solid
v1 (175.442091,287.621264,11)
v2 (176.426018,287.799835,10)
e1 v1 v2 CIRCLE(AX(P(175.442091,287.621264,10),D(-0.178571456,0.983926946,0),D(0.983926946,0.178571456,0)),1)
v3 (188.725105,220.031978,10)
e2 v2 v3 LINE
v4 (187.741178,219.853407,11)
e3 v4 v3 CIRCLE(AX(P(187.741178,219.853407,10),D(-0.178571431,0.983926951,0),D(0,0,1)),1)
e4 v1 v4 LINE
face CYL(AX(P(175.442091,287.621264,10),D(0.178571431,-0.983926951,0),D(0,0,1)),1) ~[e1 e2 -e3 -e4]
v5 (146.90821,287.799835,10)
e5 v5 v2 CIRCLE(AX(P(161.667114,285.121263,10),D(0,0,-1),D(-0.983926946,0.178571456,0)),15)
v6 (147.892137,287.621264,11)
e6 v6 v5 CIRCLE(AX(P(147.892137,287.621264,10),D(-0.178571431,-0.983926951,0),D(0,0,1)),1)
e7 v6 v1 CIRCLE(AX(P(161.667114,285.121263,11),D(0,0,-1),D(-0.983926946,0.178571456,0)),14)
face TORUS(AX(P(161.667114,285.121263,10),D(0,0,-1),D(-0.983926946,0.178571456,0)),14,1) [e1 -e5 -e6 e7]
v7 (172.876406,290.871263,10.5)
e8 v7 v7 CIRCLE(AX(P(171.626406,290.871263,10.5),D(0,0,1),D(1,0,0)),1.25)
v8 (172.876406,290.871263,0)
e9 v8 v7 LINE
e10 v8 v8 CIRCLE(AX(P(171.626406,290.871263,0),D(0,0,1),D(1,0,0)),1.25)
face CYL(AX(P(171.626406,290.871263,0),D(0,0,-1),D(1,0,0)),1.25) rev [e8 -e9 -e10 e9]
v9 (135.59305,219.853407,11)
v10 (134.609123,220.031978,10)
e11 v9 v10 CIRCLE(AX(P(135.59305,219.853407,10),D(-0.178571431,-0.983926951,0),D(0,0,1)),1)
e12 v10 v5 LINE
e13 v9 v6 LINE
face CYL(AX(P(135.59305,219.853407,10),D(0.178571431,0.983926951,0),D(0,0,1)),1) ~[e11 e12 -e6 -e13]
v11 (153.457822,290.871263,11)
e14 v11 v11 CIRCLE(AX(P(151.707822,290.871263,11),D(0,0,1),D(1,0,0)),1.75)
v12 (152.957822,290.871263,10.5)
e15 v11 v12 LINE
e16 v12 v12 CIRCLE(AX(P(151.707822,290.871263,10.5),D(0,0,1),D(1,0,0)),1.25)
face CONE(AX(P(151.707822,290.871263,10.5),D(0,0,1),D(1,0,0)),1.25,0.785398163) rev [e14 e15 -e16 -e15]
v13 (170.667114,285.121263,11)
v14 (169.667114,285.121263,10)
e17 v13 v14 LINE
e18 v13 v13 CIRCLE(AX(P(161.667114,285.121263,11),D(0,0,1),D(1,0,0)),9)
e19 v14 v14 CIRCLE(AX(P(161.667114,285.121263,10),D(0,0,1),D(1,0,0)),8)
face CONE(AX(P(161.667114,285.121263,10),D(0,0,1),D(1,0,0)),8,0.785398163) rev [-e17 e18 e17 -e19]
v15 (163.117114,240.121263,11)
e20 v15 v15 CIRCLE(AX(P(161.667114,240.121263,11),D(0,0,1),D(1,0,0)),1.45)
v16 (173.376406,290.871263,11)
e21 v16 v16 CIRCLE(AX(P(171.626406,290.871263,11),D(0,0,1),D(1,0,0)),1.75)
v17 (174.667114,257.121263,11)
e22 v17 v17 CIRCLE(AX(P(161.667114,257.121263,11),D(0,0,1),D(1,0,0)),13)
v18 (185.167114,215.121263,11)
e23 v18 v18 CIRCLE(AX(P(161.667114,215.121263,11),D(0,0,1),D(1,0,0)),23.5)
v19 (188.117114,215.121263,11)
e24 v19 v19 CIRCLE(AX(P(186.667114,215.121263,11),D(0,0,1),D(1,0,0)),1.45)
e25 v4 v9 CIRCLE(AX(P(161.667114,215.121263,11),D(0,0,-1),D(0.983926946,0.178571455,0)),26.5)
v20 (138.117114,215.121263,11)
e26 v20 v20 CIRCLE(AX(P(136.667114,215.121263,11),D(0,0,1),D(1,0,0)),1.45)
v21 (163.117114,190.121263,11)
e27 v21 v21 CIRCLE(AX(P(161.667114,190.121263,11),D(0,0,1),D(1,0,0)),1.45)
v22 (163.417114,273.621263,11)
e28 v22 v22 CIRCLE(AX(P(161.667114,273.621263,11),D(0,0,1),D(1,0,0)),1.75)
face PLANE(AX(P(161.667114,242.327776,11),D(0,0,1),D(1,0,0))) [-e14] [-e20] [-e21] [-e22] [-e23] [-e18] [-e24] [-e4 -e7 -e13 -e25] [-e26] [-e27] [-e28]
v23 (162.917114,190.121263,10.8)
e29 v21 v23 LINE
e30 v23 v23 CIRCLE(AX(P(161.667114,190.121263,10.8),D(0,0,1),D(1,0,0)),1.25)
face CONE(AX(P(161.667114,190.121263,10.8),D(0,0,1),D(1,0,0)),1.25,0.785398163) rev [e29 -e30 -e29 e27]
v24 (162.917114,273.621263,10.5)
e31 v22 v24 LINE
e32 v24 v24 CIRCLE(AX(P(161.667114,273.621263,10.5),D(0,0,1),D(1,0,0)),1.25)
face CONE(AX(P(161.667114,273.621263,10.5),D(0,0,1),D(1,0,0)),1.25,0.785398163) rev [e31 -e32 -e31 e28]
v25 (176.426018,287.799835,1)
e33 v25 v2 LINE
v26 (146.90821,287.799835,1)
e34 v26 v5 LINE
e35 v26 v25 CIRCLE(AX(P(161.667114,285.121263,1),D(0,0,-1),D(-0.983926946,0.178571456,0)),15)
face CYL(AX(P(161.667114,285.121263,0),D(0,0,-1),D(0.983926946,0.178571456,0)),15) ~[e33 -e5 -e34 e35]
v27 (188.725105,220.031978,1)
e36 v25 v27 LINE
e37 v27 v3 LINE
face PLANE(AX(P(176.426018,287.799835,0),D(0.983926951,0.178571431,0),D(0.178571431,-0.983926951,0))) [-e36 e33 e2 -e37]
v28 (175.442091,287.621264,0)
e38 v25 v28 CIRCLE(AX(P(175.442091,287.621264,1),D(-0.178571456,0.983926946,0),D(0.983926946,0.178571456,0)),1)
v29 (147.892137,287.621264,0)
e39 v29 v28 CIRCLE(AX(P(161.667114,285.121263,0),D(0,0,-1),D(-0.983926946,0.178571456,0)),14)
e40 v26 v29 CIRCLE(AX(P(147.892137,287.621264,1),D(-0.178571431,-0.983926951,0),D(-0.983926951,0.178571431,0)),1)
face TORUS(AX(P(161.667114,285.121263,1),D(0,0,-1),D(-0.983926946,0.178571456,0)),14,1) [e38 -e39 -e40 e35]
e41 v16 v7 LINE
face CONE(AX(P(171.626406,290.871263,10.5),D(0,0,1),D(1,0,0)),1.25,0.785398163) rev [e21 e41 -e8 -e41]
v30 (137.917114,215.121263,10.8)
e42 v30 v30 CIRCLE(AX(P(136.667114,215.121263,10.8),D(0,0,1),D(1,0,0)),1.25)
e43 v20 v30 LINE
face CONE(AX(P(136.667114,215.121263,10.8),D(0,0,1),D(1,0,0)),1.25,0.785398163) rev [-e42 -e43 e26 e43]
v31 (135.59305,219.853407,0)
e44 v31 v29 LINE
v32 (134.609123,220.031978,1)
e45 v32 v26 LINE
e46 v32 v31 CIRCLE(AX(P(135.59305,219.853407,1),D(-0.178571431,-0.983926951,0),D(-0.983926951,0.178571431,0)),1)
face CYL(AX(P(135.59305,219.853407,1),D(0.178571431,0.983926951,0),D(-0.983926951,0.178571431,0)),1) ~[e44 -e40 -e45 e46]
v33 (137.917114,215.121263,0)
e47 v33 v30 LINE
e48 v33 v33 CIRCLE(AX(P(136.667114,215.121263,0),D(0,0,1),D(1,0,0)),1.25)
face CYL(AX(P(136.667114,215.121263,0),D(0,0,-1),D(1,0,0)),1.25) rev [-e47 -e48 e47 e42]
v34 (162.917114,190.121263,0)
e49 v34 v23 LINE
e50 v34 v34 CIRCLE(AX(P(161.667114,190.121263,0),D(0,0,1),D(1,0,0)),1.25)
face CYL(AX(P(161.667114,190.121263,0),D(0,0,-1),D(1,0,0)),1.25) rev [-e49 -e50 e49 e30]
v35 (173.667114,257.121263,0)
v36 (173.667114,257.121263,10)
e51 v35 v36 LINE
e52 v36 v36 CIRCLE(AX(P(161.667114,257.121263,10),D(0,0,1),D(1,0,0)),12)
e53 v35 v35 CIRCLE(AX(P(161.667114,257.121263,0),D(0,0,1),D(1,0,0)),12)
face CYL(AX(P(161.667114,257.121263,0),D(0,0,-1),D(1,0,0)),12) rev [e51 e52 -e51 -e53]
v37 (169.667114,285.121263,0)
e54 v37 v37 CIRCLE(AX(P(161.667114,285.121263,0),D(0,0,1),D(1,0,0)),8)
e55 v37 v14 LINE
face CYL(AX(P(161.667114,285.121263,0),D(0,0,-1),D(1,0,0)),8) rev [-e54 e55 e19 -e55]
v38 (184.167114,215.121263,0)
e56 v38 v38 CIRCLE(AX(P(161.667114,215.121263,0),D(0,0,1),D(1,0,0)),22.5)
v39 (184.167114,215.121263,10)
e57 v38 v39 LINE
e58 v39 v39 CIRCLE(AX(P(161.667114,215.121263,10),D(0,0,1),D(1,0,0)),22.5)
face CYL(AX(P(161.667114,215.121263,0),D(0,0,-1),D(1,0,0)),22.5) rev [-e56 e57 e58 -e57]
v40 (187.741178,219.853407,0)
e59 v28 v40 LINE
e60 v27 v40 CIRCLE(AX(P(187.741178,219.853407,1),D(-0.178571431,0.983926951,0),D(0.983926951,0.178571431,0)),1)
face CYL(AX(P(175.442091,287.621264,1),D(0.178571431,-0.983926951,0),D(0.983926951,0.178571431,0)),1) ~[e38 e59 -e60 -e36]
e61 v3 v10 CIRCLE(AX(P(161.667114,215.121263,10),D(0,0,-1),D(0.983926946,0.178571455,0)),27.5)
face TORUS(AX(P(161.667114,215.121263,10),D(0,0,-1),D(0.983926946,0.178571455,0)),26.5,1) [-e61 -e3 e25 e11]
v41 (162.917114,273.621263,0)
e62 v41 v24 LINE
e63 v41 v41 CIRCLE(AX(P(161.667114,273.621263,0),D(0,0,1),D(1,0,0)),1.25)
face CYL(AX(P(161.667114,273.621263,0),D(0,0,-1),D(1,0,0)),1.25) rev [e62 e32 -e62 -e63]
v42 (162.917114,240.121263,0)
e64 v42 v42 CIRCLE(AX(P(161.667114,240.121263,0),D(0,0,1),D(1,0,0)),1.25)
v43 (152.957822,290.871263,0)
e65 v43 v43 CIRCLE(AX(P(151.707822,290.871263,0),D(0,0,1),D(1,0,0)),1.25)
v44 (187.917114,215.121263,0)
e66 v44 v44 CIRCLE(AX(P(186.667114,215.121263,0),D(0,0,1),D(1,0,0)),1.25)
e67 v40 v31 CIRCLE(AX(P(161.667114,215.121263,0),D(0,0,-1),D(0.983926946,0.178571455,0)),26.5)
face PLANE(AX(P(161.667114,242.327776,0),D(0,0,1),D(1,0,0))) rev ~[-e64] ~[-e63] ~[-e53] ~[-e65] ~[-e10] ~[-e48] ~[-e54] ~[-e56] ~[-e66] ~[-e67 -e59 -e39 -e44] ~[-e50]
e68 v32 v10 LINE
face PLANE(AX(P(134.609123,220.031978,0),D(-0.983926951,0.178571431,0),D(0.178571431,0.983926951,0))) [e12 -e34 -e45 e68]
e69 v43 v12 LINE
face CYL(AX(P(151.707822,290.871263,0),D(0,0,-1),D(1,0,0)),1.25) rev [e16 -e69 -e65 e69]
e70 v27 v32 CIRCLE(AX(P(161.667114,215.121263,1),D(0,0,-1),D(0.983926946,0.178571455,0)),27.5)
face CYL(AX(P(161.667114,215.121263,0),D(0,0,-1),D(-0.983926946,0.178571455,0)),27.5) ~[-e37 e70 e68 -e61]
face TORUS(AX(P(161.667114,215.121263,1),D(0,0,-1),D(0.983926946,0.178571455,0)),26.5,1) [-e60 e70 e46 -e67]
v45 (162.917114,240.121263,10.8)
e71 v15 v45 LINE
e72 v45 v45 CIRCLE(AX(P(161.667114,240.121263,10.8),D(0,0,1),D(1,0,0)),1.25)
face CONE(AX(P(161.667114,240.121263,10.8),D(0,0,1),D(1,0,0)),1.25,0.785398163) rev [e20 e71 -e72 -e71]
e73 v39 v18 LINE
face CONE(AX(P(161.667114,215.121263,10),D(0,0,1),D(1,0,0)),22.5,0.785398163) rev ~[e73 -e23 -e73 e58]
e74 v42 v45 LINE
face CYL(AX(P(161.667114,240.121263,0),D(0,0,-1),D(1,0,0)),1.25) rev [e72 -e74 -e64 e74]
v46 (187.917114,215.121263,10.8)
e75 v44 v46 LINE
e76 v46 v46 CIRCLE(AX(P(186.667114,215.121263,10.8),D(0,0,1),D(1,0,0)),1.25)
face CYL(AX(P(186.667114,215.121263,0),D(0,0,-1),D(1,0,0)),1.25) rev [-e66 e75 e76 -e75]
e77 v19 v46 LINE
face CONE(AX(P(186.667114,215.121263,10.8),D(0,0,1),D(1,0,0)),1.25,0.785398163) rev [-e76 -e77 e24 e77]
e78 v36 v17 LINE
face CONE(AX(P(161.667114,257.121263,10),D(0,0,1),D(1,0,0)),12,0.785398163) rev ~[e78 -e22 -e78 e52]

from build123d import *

# Parameters (mm, degrees)
SKETCH001_R     = 22.5
SKETCH001_R_2   = 8
SKETCH001_R_3   = 1.25
SKETCH001_R_4   = 12
PAD_DEPTH       = 11
CHAMFER_SIZE    = 1
CHAMFER001_SIZE = 1
FILLET_R        = 1
FILLET001_R     = 1
CHAMFER002_SIZE = 0.5
CHAMFER003_SIZE = 0.2
CHAMFER004_SIZE = 0.2


with BuildPart() as part:
    # Sketch001 → Pad (new body)
    with BuildSketch(Plane.XY):
        with BuildLine():
            ThreePointArc((176.426018, 287.799835), (161.667114, 300.121263), (146.90821, 287.799835))
            Line((134.609123, 220.031978), (146.90821, 287.799835))
            ThreePointArc((134.609123, 220.031978), (161.667114, 187.621263), (188.725105, 220.031978))
            Line((176.426018, 287.799835), (188.725105, 220.031978))
        make_face()
        with Locations((161.667114, 215.121263)):
            Circle(SKETCH001_R, mode=Mode.SUBTRACT)
        with Locations((161.667114, 285.121263)):
            Circle(SKETCH001_R_2, mode=Mode.SUBTRACT)
        with Locations((171.626406, 290.871263)):
            Circle(SKETCH001_R_3, mode=Mode.SUBTRACT)
        with Locations((161.667114, 273.621263)):
            Circle(SKETCH001_R_3, mode=Mode.SUBTRACT)
        with Locations((151.707822, 290.871263)):
            Circle(SKETCH001_R_3, mode=Mode.SUBTRACT)
        with Locations((161.667114, 240.121263)):
            Circle(SKETCH001_R_3, mode=Mode.SUBTRACT)
        with Locations((186.667114, 215.121263)):
            Circle(SKETCH001_R_3, mode=Mode.SUBTRACT)
        with Locations((161.667114, 190.121263)):
            Circle(SKETCH001_R_3, mode=Mode.SUBTRACT)
        with Locations((136.667114, 215.121263)):
            Circle(SKETCH001_R_3, mode=Mode.SUBTRACT)
        with Locations((161.667114, 257.121263)):
            Circle(SKETCH001_R_4, mode=Mode.SUBTRACT)
    extrude(amount=PAD_DEPTH)

    # Chamfer
    chamfer_edges = [part.edges().sort_by_distance(p)[0] for p in [
        (139.167114, 215.121263, 11),
        (149.667114, 257.121263, 11),
    ]]
    chamfer(chamfer_edges, length=CHAMFER_SIZE)

    # Chamfer001
    chamfer001_edges = [part.edges().sort_by_distance(p)[0] for p in [
        (153.667114, 285.121263, 11),
    ]]
    chamfer(chamfer001_edges, length=CHAMFER001_SIZE)

    # Fillet
    fillet_edges = [part.edges().sort_by_distance(p)[0] for p in [
        (140.758666, 253.915906, 11),
        (161.667114, 300.121263, 11),
        (182.575562, 253.915906, 11),
        (161.667114, 187.621263, 11),
    ]]
    fillet(fillet_edges, radius=FILLET_R)

    # Fillet001
    fillet001_edges = [part.edges().sort_by_distance(p)[0] for p in [
        (140.758666, 253.915906, 0),
        (161.667114, 300.121263, 0),
        (182.575562, 253.915906, 0),
        (161.667114, 187.621263, 0),
    ]]
    fillet(fillet001_edges, radius=FILLET001_R)

    # Chamfer002
    chamfer002_edges = [part.edges().sort_by_distance(p)[0] for p in [
        (170.376406, 290.871263, 11),
        (160.417114, 273.621263, 11),
        (150.457822, 290.871263, 11),
    ]]
    chamfer(chamfer002_edges, length=CHAMFER002_SIZE)

    # Chamfer003
    chamfer003_edges = [part.edges().sort_by_distance(p)[0] for p in [
        (160.417114, 240.121263, 11),
    ]]
    chamfer(chamfer003_edges, length=CHAMFER003_SIZE)

    # Chamfer004
    chamfer004_edges = [part.edges().sort_by_distance(p)[0] for p in [
        (185.417114, 215.121263, 11),
        (160.417114, 190.121263, 11),
        (135.417114, 215.121263, 11),
    ]]
    chamfer(chamfer004_edges, length=CHAMFER004_SIZE)


solid = part.part
